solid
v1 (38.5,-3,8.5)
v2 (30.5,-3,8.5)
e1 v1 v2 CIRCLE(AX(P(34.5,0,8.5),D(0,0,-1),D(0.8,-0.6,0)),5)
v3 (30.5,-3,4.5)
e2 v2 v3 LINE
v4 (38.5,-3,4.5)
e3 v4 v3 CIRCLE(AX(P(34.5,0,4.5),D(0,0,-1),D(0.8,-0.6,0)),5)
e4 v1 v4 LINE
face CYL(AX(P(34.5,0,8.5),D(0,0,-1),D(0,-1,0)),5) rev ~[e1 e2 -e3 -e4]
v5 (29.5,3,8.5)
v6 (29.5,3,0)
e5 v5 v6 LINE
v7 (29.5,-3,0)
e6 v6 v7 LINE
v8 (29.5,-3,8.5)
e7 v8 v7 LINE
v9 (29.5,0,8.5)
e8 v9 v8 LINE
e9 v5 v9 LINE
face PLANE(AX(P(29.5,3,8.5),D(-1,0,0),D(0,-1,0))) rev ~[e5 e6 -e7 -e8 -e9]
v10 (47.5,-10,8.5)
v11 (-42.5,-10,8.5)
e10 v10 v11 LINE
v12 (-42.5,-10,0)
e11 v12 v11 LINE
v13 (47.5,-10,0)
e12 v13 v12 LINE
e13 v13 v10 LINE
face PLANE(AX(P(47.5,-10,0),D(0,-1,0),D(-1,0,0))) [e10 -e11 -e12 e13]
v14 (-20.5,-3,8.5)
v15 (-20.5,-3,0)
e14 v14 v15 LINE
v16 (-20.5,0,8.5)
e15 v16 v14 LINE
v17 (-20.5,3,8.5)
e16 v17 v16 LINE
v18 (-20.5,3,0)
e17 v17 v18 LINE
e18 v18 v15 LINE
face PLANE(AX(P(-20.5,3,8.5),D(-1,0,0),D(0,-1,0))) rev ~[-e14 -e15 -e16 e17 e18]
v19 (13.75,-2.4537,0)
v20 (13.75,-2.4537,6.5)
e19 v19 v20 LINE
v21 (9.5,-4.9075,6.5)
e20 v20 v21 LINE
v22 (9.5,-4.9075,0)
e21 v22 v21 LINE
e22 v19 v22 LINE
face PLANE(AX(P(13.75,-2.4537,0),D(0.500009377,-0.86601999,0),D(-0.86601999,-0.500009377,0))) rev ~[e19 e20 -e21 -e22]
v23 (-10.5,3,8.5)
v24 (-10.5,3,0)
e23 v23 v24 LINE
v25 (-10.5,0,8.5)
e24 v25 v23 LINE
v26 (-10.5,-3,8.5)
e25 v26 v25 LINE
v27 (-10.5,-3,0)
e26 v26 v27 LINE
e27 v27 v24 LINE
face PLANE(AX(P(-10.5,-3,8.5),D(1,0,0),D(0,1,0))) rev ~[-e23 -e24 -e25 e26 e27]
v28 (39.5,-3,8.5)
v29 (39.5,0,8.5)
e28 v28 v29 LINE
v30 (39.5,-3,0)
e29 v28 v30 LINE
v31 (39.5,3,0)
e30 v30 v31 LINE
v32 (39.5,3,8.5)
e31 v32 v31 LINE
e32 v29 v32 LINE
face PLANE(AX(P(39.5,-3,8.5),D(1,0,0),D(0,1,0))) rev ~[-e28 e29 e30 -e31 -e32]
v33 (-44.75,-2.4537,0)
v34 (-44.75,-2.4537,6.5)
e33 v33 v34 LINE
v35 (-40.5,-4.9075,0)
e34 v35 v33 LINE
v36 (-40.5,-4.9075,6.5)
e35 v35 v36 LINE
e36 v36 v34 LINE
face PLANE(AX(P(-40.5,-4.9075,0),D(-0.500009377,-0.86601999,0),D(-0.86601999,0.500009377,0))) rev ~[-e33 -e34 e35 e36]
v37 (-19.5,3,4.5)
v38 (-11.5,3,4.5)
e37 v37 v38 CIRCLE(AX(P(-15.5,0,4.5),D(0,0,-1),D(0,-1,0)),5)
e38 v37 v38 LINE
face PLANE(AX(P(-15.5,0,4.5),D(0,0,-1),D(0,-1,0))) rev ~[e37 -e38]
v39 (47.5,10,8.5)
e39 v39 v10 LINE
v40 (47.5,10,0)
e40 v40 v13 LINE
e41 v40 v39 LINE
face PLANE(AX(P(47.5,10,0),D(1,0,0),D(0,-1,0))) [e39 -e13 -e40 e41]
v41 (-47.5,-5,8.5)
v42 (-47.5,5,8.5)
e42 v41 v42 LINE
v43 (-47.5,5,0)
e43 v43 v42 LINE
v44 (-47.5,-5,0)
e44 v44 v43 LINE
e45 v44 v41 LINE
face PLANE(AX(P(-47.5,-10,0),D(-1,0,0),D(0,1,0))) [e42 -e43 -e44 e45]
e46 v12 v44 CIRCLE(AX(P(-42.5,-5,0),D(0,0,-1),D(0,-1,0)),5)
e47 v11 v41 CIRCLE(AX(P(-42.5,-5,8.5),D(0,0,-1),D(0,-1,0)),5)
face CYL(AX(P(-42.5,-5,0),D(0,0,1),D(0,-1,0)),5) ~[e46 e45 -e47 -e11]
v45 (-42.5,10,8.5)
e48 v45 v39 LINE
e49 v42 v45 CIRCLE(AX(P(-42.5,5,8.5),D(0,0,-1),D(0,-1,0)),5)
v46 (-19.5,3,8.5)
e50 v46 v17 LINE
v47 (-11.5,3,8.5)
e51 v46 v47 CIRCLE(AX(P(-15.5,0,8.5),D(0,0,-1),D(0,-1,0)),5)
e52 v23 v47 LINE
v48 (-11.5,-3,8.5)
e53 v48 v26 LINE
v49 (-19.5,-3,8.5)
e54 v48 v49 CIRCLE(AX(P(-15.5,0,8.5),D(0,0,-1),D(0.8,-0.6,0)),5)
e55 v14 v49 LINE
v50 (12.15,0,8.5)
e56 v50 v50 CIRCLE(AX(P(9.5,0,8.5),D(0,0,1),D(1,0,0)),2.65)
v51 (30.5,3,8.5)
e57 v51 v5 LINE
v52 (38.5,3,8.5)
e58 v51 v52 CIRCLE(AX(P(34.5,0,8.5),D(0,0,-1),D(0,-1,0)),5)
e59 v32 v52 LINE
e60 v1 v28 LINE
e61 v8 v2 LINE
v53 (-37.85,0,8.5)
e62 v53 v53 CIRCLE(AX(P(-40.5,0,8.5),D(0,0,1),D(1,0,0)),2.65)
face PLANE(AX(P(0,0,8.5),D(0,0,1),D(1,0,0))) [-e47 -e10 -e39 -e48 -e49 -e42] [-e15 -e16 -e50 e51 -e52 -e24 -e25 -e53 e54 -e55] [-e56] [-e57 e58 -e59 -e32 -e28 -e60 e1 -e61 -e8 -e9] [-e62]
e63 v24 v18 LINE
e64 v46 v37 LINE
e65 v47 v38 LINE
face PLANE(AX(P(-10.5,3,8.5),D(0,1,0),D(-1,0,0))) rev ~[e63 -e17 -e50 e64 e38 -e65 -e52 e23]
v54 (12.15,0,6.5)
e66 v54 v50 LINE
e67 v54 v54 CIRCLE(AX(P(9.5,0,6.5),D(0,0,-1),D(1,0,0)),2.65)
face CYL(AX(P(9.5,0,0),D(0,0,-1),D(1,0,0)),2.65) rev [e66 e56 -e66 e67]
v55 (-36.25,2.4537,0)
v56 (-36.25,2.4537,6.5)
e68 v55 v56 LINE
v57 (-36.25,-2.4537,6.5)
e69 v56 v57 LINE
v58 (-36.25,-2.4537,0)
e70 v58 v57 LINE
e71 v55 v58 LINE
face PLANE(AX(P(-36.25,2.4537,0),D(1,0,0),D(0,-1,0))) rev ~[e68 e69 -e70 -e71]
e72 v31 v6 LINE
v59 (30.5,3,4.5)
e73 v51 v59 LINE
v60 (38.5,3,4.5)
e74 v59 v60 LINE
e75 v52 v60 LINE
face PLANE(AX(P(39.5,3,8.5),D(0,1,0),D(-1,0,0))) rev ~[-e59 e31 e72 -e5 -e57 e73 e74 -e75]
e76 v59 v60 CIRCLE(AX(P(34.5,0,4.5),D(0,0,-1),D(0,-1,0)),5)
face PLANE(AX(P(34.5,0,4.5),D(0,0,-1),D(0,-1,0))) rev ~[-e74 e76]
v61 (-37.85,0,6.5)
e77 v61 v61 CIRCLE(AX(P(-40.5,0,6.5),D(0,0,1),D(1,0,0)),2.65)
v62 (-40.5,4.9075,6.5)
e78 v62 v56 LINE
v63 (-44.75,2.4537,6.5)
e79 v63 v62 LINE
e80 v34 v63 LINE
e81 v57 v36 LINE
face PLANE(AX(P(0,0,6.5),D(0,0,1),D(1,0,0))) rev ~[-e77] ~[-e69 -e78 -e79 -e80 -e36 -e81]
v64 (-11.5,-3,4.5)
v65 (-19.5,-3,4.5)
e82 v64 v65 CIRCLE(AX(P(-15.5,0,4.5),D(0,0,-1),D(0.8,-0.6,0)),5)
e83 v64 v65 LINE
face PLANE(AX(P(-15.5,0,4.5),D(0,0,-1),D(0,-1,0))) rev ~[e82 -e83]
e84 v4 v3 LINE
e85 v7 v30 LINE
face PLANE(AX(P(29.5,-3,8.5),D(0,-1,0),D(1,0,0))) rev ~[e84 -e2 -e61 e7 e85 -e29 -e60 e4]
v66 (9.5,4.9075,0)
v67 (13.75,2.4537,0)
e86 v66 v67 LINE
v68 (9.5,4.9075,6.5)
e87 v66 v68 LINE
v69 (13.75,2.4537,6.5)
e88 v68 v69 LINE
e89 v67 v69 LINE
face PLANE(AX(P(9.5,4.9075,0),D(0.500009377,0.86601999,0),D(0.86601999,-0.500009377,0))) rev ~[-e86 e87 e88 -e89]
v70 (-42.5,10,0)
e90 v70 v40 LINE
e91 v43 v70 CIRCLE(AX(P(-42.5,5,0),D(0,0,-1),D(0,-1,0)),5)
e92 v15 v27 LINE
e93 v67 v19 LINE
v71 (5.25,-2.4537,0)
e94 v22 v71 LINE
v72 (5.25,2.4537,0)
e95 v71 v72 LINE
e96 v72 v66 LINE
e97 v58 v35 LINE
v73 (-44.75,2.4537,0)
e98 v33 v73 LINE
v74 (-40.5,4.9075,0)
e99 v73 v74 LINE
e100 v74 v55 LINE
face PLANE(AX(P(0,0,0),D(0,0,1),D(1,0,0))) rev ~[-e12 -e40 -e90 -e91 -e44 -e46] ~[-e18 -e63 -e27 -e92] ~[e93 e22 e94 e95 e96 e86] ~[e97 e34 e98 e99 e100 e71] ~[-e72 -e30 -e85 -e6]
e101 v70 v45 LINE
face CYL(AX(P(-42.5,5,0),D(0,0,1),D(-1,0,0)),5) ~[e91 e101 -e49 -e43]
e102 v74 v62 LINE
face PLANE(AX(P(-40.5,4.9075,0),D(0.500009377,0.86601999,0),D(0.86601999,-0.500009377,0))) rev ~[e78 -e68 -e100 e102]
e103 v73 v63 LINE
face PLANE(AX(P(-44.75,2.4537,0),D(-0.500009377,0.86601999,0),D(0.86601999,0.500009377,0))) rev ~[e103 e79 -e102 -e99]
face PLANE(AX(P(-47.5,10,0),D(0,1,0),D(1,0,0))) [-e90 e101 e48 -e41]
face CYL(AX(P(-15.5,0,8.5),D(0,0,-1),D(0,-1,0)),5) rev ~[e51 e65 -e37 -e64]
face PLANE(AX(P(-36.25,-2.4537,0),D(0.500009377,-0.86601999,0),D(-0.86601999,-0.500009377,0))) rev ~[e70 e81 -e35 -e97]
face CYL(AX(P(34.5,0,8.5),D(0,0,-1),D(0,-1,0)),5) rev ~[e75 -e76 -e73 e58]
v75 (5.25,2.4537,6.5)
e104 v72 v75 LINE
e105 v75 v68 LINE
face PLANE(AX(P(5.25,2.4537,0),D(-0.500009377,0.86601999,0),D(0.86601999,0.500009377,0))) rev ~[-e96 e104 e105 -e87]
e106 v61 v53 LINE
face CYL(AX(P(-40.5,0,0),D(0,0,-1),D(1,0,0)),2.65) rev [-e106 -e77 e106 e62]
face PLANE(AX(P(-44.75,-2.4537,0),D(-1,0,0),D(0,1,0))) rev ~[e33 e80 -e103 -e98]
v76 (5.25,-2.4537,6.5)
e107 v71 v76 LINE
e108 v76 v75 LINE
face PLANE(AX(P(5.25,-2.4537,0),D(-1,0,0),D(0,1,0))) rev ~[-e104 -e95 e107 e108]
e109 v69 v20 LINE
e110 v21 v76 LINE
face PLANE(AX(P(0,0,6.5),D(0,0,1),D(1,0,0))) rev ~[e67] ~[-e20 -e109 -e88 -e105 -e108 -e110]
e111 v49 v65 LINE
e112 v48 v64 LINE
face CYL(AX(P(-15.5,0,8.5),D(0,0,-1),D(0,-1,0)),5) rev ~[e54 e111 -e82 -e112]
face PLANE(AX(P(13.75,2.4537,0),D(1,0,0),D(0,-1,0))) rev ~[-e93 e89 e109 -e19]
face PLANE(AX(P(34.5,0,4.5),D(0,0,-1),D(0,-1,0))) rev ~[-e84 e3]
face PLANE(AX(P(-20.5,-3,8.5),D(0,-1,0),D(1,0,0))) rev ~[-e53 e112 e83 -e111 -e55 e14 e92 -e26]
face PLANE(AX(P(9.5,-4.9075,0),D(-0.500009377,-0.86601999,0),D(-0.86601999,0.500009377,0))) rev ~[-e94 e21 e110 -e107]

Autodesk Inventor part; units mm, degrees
ref_plane "YZ Plane" through (0, 0, 0) normal (1, 0, 0) x (0, 1, 0)
ref_plane "XZ Plane" through (0, 0, 0) normal (0, 1, 0) x (-1, 0, 0)
ref_plane "XY Plane" through (0, 0, 0) normal (0, 0, 1) x (1, 0, 0)
sketch "Skizze1" plane through (0, 0, 0) normal (0, 0, 1) x (1, 0, 0)
  line L0 (47.5, -10) -> (-47.5, -10)
  line L1 (-47.5, -10) -> (-47.5, 10)
  line L2 (-47.5, 10) -> (47.5, 10)
  line L3 (47.5, 10) -> (47.5, -10)
  line L4 (47.5, -10) -> (-47.5, 10) construction
  line L5 (-47.5, -10) -> (47.5, 10) construction
  circle A0 centre (-40.5, 0) radius 2.65
  circle A1 centre (9.5, 0) radius 2.65
  line L6 (-44.75, -2.4537) -> (-44.75, 2.4537)
  line L7 (-44.75, 2.4537) -> (-40.5, 4.9075)
  line L8 (-40.5, 4.9075) -> (-36.25, 2.4537)
  line L9 (-36.25, 2.4537) -> (-36.25, -2.4537)
  line L10 (-36.25, -2.4537) -> (-40.5, -4.9075)
  line L11 (-40.5, -4.9075) -> (-44.75, -2.4537)
  line L12 (5.25, -2.4537) -> (5.25, 2.4537)
  line L13 (5.25, 2.4537) -> (9.5, 4.9075)
  line L14 (9.5, 4.9075) -> (13.75, 2.4537)
  line L15 (13.75, 2.4537) -> (13.75, -2.4537)
  line L16 (13.75, -2.4537) -> (9.5, -4.9075)
  line L17 (9.5, -4.9075) -> (5.25, -2.4537)
  point P0 (0, 0)
  point P1 (0, 0)
  point P2 (0, 0)
  point P3 (-2.125, 0)
  point P4 (-2.125, 0)
  point P5 (-2.125, 0)
  dimension "d0" = 20
  dimension "d2" = 5.3
  dimension "d3" = 5.3
  dimension "d4" = 50
  dimension "d13" = 38
  dimension "d26" = 8.5
  dimension "d27" = 8.5
  dimension "d42" = 7
extrude "Extrusion1" add sketch "Skizze1" along normal blind 8.5 contours L0 L1 L2 L3 | L6 L7 L8 L9 L10 L11 | L12 L13 L14 L15 L16 L17
extrude "Extrusion2" cut sketch "Skizze1" along normal blind 6.5 contours A1 | L6 L7 L8 L9 L10 L11 | L12 L13 L14 L15 L16 L17
sketch "Skizze2" plane through (0, 0, 8.5) normal (0, 0, 1) x (1, 0, 0)
  line L0 (-47.5, -10) -> (47.5, -10) projected
  line L1 (47.5, -10) -> (47.5, 10) projected
  line L2 (47.5, 10) -> (-47.5, 10) projected
  line L3 (-47.5, 10) -> (-47.5, -10) projected
  line L4 (-47.5, 10) -> (-47.5, -10) projected
  line L5 (-47.5, 0) -> (47.5, 0) construction
  line L6 (47.5, -10) -> (47.5, 10) projected
  point P0 (0, 0)
  point P1 (-15.5, 0)
  point P2 (34.5, 0)
hole "Bohrung1" at (-15.5, 0, 8.5) at (34.5, 0, 8.5) direction (0, 0, -1) diameter 5.3 end through all counterbore diameter 10 counterbore depth 4 clearance for "Inbusschraube DIN EN ISO 4762" size "M5" standard "DIN"
fillet "Rundung1" radius 5 2 edges at (-47.5, -10, 4.25) (-47.5, 10, 4.25)
sketch "Skizze3" plane through (0, 0, 8.5) normal (0, 0, 1) x (1, 0, 0)
  line L0 (39.5, 3) -> (29.5, 3)
  line L1 (29.5, 3) -> (29.5, -3)
  line L2 (29.5, -3) -> (39.5, -3)
  line L3 (39.5, -3) -> (39.5, 3)
  circle A0 centre (34.5, 0) radius 2.65 projected
  line L4 (39.5, 3) -> (29.5, -3) construction
  line L5 (29.5, 3) -> (39.5, -3) construction
  circle A1 centre (-15.5, 0) radius 2.65 projected
  line L6 (-10.5, 3) -> (-20.5, 3)
  line L7 (-20.5, 3) -> (-20.5, -3)
  line L8 (-20.5, -3) -> (-10.5, -3)
  line L9 (-10.5, -3) -> (-10.5, 3)
  line L10 (-10.5, 3) -> (-20.5, -3) construction
  line L11 (-20.5, 3) -> (-10.5, -3) construction
  point P0 (0, 0)
  dimension "d51" = 6
  dimension "d52" = 10
extrude "Extrusion4" cut sketch "Skizze3" against normal through all
equation "\"d3\" = d2"
equation "\"d27\" = d26"
properties part number "Door_Basis" material "ABS-Kunststoff"
